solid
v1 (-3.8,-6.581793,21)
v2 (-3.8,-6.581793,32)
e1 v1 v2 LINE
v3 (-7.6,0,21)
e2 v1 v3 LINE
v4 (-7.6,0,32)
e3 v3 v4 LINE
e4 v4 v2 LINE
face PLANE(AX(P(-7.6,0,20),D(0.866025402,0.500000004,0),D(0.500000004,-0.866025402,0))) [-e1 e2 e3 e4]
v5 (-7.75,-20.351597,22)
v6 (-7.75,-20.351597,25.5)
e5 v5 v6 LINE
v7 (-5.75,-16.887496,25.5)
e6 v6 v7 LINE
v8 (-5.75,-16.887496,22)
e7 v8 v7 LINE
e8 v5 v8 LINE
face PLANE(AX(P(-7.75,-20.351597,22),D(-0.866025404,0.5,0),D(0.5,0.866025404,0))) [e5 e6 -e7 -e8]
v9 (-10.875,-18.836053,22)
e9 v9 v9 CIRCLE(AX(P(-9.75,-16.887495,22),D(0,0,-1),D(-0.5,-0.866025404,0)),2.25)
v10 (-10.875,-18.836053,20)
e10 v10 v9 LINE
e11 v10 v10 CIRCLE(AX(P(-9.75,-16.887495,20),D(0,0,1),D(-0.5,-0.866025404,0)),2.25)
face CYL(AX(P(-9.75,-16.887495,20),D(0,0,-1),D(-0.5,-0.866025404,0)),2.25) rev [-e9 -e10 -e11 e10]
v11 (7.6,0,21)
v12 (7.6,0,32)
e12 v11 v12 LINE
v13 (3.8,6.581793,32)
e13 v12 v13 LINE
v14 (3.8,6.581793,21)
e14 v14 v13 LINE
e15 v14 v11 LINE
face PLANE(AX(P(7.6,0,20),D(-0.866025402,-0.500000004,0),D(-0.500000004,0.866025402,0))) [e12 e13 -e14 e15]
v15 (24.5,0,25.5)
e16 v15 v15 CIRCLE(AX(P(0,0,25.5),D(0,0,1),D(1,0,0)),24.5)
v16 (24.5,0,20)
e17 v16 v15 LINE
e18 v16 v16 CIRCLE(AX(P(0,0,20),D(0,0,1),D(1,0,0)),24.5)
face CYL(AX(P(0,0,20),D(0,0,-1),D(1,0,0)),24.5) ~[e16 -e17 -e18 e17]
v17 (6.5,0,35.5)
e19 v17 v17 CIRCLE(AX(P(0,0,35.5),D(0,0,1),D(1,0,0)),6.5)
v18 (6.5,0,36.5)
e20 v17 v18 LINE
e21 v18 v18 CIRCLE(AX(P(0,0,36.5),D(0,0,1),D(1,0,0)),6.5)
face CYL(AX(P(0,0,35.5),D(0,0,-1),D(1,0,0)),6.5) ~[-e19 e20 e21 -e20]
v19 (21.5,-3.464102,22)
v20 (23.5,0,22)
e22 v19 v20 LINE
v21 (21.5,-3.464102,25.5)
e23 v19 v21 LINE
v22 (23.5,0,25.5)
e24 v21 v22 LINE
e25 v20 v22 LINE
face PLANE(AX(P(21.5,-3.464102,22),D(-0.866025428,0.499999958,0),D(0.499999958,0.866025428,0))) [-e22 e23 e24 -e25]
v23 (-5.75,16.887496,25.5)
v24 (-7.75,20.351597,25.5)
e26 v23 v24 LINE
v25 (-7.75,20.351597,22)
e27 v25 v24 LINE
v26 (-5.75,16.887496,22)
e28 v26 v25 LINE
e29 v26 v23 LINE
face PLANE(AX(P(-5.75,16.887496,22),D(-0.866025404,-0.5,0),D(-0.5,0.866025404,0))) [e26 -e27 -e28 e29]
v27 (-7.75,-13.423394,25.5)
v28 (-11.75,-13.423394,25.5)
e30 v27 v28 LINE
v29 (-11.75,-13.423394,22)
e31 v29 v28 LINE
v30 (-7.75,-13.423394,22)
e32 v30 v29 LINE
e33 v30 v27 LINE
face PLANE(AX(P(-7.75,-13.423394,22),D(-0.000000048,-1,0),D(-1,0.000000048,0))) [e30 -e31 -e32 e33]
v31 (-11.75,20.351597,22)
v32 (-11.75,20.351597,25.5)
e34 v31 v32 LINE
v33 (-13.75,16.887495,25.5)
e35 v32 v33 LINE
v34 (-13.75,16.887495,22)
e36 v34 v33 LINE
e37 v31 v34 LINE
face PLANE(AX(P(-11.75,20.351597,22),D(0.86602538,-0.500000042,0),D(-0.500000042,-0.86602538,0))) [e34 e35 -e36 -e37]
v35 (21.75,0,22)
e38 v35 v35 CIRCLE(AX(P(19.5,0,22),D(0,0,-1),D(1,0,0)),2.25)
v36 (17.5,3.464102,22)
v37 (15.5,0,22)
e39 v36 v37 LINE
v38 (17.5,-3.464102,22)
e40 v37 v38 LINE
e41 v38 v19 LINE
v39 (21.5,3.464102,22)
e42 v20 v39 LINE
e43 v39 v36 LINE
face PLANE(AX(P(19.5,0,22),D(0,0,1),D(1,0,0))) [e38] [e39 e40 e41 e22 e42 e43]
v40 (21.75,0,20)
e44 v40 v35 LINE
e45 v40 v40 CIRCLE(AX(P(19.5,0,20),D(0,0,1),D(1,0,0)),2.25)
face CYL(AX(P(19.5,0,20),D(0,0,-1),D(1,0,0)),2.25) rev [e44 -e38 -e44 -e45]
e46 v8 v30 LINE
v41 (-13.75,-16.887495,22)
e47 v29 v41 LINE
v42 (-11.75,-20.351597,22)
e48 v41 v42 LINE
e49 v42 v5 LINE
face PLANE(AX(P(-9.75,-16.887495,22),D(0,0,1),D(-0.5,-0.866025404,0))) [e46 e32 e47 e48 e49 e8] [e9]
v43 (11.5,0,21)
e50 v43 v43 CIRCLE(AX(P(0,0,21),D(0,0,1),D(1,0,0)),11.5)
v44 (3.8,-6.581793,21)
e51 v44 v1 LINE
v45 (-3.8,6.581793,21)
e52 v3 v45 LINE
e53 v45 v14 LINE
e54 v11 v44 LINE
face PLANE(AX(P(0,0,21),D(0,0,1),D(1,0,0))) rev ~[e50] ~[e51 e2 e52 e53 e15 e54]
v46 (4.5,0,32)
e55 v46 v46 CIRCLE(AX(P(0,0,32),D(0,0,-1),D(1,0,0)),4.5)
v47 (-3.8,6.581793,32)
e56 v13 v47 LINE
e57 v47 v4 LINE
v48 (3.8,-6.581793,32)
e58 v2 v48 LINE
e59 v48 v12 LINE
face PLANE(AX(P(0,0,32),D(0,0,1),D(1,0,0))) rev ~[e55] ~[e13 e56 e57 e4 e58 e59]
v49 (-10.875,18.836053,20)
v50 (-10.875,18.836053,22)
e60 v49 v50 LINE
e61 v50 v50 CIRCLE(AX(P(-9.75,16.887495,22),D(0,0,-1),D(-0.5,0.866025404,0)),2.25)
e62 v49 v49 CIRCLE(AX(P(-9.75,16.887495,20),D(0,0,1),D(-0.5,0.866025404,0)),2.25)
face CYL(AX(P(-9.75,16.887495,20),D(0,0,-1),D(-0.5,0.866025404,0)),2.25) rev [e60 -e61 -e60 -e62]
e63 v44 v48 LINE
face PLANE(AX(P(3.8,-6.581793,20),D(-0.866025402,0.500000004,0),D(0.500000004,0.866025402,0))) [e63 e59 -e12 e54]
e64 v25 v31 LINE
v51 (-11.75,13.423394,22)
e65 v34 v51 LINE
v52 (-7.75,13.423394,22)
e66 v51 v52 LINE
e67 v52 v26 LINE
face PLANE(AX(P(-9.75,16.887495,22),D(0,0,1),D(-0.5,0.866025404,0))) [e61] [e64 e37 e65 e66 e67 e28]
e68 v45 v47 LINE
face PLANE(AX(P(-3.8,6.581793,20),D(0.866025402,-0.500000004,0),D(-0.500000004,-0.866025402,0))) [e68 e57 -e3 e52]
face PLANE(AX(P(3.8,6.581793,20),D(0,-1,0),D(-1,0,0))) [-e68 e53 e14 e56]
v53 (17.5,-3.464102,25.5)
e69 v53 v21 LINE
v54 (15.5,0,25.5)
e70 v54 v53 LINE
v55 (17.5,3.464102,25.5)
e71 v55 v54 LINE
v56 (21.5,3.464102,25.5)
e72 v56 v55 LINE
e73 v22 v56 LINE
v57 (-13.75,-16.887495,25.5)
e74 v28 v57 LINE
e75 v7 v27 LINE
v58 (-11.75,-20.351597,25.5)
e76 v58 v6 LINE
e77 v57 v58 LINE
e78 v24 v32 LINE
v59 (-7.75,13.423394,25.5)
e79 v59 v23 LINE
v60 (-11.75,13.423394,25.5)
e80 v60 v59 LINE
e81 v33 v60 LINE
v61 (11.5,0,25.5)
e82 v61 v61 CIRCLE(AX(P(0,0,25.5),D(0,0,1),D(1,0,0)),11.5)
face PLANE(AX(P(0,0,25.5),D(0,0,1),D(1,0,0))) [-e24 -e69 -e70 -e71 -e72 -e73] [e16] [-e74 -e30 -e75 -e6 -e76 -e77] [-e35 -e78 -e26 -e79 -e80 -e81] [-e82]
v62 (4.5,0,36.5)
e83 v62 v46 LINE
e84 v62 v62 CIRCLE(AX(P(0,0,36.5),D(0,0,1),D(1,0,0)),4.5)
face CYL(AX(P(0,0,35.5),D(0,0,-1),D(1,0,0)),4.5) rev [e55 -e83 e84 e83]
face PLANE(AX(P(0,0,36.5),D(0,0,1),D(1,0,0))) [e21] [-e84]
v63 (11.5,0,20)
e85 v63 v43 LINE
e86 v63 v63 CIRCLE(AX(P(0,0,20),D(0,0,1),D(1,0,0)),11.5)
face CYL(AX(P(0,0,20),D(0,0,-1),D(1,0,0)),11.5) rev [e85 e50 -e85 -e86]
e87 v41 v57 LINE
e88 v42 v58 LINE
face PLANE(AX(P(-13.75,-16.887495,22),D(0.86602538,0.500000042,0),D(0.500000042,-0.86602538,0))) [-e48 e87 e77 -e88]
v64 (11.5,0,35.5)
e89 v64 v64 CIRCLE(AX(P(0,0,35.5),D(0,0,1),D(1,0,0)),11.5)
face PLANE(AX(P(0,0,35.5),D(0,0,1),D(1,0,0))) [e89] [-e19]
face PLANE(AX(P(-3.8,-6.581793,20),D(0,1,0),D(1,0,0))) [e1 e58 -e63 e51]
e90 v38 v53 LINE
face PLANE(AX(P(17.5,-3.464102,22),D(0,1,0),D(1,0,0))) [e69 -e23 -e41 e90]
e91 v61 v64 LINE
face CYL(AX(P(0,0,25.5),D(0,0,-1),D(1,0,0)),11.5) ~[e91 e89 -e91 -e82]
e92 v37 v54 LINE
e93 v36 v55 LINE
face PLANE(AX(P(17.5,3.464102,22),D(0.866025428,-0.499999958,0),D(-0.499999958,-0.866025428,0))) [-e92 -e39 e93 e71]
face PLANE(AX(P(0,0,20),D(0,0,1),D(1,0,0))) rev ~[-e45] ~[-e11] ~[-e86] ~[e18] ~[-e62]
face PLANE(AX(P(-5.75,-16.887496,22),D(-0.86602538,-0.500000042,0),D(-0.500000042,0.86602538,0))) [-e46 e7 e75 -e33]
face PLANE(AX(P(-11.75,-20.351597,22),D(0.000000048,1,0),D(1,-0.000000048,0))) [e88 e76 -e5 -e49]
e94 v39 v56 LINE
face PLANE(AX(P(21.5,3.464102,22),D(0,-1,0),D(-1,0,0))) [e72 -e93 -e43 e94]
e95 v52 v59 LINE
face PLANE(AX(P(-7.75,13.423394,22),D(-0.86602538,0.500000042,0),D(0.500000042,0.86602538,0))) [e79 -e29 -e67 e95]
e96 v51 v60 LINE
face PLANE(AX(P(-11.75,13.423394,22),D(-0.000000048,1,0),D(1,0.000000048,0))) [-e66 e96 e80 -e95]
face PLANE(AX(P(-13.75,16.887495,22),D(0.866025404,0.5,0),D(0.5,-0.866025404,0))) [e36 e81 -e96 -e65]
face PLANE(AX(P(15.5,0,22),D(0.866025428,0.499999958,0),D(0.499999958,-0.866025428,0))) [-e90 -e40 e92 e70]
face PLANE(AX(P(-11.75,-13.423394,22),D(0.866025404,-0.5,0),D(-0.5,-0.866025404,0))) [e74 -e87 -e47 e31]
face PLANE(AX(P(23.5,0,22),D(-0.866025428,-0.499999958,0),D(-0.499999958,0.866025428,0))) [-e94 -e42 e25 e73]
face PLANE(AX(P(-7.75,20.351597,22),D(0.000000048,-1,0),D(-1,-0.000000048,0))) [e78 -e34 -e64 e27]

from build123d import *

# Parameters (mm, degrees)
TUBE_R            = 6.5
TUBE_R_2          = 4.5
TUBE_DEPTH        = 1
PAD001_DEPTH      = 12
CYLINDER018_R     = 4.5
CYLINDER018_DEPTH = 500
CYLINDER012_R     = 11.5
CYLINDER012_DEPTH = 1
PAD_DEPTH         = 3.5
CYLINDER011_R     = 2.25
CYLINDER011_DEPTH = 10
ARRAY002_COUNT    = 3
CYLINDER010_R     = 24.5
CYLINDER010_DEPTH = 5.5
CYLINDER013_R     = 11.5
CYLINDER013_DEPTH = 10


with BuildPart() as tube:
    # Tube → Tube (new body)
    with BuildSketch(Plane.XY.offset(35.5)):
        Circle(TUBE_R)
        Circle(TUBE_R_2, mode=Mode.SUBTRACT)
    extrude(amount=TUBE_DEPTH)


with BuildPart() as pressfitm8:
    # Sketch001 → Pad001 (new body)
    with BuildSketch(Plane.XY):
        Polygon((7.6, 0), (3.8, 6.581793), (-3.8, 6.581793), (-7.6, 0), (-3.8, -6.581793), (3.8, -6.581793), align=None)
    extrude(amount=PAD001_DEPTH)


with BuildPart() as pressfitm8_1:
    # Body001 placement: moved
    add(pressfitm8.part.moved(Location((0, 0, 20))))


with BuildPart() as fusion007:
    # Cylinder018 → Cylinder018 (new body)
    with BuildSketch(Plane.XY):
        Circle(CYLINDER018_R)
    extrude(amount=CYLINDER018_DEPTH)

    # Fusion007: union PressfitM8
    add(pressfitm8_1.part)


with BuildPart() as cylinder012:
    # Cylinder012 → Cylinder012 (new body)
    with BuildSketch(Plane.XY.offset(20)):
        Circle(CYLINDER012_R)
    extrude(amount=CYLINDER012_DEPTH)


with BuildPart() as pressfitm4:
    # Sketch → Pad (new body)
    with BuildSketch(Plane.XY):
        Polygon((4, 0), (2, 3.464102), (-2, 3.464102), (-4, 0), (-2, -3.464102), (2, -3.464102), align=None)
    extrude(amount=PAD_DEPTH)


with BuildPart() as pressfitm4_1:
    # Body placement: moved
    add(pressfitm4.part.moved(Location((19.5, 0, 22))))


with BuildPart() as array002:
    # Cylinder011 → Cylinder011 (new body)
    with BuildSketch(Plane(origin=(19.5, 0, 20), x_dir=(1, 0, 0), z_dir=(0, 0, 1))):
        Circle(CYLINDER011_R)
    extrude(amount=CYLINDER011_DEPTH)

    # Fusion003: union PressfitM4
    add(pressfitm4_1.part)

    # Array002: Array002 ×3 about axis
    array002_axis = Axis((0, 0, 0), (0, 0, 1))


with BuildPart() as array002_1:
    add(array002.part)
    for i in range(1, ARRAY002_COUNT):
        add(array002.part.rotate(array002_axis, i * 360 / ARRAY002_COUNT))


with BuildPart() as cut006:
    # Cylinder010 → Cylinder010 (new body)
    with BuildSketch(Plane.XY.offset(20)):
        Circle(CYLINDER010_R)
    extrude(amount=CYLINDER010_DEPTH)

    # Cut005: cut Array002
    add(array002_1.part, mode=Mode.SUBTRACT)

    # Cut006: cut Cylinder012
    add(cylinder012.part, mode=Mode.SUBTRACT)


with BuildPart() as finalplanetcarrier:
    # Cylinder013 → Cylinder013 (new body)
    with BuildSketch(Plane.XY.offset(25.5)):
        Circle(CYLINDER013_R)
    extrude(amount=CYLINDER013_DEPTH)

    # Fusion008: union Cut006
    add(cut006.part)

    # Cut008: cut Fusion007
    add(fusion007.part, mode=Mode.SUBTRACT)

    # Fusion009: union Tube
    add(tube.part)


solid = finalplanetcarrier.part
